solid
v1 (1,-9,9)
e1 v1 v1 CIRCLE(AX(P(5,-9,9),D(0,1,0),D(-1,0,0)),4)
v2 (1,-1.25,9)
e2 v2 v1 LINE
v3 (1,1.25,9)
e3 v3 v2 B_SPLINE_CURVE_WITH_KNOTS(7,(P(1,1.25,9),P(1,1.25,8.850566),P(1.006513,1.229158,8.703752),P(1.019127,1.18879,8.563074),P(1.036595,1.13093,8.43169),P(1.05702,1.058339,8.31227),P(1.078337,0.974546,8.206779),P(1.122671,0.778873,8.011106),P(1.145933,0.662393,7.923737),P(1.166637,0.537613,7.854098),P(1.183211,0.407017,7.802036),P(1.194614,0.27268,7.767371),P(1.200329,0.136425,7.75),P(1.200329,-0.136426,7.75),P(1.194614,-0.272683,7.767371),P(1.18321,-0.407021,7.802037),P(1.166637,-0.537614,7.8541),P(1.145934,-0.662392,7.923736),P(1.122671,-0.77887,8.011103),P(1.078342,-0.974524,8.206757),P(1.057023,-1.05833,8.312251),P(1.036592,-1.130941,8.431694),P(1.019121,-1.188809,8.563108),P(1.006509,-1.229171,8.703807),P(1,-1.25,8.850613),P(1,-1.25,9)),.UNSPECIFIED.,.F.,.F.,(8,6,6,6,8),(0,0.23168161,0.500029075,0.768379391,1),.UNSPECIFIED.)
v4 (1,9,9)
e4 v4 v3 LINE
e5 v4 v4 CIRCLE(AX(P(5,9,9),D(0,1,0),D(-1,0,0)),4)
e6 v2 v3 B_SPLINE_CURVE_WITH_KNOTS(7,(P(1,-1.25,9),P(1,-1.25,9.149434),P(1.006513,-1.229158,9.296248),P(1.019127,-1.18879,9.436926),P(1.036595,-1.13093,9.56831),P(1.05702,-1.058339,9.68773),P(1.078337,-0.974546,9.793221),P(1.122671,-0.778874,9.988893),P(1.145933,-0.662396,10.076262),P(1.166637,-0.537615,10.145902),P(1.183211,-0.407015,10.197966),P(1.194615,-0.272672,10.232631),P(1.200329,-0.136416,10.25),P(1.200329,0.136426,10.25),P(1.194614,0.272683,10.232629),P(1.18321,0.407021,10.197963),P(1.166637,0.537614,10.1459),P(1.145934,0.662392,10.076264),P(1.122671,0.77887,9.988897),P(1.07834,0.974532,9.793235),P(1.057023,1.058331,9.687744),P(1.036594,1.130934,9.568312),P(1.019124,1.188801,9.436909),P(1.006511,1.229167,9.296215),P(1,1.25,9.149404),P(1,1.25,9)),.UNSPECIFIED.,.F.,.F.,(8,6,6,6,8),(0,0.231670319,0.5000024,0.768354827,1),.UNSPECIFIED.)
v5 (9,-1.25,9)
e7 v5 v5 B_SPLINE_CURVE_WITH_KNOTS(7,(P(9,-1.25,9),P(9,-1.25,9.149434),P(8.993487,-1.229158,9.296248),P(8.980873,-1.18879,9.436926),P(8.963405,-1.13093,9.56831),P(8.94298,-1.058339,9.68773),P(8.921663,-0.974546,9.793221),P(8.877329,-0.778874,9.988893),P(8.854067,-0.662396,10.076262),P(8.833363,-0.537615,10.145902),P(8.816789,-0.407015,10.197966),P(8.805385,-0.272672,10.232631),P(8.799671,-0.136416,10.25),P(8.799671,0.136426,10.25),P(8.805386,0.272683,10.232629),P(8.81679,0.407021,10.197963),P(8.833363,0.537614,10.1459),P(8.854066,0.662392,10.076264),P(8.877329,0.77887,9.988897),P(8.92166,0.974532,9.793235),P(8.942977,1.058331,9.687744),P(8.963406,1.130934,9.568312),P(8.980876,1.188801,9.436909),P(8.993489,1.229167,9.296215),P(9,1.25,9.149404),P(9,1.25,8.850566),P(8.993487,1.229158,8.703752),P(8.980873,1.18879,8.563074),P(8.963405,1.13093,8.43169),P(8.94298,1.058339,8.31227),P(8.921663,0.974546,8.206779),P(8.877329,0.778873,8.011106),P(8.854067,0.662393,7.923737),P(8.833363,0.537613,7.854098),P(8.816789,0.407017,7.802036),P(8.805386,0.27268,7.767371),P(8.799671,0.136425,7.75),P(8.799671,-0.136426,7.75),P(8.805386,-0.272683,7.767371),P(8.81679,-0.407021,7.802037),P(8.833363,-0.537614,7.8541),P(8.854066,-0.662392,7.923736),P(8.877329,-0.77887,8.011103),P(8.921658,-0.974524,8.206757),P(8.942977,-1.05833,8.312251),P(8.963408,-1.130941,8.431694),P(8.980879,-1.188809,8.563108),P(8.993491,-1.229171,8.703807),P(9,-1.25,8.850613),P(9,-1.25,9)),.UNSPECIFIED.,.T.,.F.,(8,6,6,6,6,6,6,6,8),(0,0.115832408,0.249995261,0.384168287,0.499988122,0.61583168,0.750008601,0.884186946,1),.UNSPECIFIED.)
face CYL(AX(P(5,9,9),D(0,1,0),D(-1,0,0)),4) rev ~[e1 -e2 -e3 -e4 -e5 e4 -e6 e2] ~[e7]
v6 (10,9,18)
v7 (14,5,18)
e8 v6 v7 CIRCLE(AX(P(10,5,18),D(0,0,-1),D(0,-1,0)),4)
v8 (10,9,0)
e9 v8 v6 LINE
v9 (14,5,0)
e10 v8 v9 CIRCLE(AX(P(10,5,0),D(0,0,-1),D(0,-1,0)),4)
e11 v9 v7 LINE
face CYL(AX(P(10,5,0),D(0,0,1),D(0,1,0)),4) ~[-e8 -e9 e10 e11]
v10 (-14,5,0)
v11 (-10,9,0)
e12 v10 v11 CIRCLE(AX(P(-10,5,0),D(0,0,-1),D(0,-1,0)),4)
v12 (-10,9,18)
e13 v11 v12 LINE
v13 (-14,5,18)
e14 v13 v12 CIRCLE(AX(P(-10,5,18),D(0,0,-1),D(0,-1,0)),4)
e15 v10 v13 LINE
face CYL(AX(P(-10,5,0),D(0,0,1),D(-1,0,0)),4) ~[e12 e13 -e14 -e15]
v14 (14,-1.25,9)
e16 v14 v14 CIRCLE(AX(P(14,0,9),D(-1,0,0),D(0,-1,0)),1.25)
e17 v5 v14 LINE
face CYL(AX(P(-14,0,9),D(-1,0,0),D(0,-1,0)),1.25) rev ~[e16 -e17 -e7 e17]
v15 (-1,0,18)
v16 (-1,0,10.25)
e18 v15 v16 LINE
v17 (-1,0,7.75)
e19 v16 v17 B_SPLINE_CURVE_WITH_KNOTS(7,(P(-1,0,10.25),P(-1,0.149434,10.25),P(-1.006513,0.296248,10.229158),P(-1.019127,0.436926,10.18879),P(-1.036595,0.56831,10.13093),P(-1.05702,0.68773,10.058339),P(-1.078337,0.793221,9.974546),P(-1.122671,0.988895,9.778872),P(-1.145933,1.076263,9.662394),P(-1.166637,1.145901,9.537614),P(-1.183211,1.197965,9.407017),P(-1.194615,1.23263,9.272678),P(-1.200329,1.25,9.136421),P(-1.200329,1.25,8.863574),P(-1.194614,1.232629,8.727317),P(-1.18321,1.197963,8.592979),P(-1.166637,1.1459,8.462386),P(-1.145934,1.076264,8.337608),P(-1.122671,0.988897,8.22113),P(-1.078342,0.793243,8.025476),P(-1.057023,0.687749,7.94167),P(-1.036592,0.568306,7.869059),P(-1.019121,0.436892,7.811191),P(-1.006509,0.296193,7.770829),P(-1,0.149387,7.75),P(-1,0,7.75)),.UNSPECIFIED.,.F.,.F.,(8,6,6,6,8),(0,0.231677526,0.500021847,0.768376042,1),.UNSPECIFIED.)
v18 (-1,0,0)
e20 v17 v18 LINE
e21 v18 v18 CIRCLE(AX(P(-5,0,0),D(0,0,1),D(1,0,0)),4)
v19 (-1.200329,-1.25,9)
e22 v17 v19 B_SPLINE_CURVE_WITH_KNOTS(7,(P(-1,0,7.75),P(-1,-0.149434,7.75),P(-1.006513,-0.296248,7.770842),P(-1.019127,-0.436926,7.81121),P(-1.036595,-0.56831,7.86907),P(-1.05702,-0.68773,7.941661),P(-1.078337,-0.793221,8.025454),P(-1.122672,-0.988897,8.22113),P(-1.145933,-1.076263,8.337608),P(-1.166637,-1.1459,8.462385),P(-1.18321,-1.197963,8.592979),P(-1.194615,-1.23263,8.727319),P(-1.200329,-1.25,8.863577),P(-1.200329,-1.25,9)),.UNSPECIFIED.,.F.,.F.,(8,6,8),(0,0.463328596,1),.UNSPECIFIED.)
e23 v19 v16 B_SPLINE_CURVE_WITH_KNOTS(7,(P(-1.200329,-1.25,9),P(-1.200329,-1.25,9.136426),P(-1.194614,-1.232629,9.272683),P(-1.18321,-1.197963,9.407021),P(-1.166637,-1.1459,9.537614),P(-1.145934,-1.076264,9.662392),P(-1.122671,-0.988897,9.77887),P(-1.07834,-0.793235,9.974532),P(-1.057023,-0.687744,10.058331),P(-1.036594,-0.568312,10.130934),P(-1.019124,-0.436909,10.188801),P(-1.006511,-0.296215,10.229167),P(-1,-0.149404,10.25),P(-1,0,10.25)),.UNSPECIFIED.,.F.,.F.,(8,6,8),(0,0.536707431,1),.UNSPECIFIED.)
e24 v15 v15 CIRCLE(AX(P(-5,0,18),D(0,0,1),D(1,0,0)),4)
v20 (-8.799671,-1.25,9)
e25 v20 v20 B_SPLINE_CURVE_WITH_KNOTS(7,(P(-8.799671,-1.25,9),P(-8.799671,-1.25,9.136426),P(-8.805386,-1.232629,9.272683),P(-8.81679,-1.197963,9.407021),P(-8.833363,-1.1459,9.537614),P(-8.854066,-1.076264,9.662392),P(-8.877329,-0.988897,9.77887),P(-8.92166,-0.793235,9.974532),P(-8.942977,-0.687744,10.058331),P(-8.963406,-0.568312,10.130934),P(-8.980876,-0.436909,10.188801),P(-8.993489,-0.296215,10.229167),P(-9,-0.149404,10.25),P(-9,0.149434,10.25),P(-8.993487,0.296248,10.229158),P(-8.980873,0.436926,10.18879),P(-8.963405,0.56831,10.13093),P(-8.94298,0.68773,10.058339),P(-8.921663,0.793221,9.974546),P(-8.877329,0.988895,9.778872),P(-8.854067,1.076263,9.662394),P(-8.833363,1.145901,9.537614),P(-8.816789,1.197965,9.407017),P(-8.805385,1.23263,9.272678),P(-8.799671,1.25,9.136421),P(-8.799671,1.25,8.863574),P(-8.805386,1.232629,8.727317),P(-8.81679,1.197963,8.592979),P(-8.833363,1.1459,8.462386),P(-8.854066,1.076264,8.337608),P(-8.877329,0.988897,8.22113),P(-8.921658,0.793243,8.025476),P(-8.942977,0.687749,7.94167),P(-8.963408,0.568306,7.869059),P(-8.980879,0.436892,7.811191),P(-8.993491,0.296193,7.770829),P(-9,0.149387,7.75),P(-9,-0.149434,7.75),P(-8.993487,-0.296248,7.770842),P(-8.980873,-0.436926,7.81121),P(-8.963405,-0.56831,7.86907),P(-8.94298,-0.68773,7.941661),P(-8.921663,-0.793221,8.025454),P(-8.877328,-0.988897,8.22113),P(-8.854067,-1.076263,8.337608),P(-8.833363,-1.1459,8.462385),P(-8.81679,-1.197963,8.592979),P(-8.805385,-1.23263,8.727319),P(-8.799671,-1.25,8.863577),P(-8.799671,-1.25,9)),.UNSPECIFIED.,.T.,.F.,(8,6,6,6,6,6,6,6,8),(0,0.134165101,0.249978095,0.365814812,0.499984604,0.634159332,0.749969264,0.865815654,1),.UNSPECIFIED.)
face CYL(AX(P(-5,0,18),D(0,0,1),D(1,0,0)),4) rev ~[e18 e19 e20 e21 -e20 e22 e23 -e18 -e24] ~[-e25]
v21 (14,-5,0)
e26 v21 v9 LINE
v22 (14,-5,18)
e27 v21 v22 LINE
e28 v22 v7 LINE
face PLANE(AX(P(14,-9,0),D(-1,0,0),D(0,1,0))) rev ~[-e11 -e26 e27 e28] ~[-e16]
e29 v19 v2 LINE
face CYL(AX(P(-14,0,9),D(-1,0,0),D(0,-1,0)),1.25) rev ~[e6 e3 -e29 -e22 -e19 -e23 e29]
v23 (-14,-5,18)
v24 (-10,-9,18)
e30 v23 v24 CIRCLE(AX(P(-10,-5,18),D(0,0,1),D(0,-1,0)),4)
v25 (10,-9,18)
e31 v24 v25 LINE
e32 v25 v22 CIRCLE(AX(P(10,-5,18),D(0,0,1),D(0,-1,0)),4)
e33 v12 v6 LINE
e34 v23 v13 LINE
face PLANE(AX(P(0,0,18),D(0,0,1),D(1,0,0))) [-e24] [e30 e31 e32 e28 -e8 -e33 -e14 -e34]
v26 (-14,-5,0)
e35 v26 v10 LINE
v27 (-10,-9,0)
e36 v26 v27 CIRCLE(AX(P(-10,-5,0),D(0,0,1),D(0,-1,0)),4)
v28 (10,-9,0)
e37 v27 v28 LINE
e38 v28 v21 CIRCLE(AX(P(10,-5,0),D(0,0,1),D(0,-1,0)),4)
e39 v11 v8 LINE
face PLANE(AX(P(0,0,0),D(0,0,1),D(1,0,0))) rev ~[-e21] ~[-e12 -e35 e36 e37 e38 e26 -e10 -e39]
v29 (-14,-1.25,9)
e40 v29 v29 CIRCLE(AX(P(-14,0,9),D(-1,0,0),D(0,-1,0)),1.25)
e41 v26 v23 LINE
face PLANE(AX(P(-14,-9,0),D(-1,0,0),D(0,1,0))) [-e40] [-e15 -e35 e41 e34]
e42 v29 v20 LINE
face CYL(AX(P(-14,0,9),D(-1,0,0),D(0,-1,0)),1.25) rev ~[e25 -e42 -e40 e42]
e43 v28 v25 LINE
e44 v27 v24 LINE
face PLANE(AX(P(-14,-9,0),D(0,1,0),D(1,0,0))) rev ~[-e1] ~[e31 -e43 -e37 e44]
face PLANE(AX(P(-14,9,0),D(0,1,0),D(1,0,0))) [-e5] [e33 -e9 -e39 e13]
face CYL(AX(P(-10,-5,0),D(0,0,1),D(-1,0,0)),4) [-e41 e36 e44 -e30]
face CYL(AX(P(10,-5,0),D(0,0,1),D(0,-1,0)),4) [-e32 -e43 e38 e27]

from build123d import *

# Parameters (mm, degrees)
F0_W     = 28
F0_H     = 18
F1_DEPTH = 18
F2_R     = 4
F4_DEPTH = 18.001
F3_R     = 4
F5_DEPTH = 18.001
F6_R     = 1.25
F7_DEPTH = 28.001
F8_R     = 4


with BuildPart() as f1:
    # F0 (on Top) → F1 (new body)
    with BuildSketch(Plane.XY):
        Rectangle(F0_W, F0_H)
    extrude(amount=F1_DEPTH)

    # F2 (on face) → F4 (cut, through all)
    with BuildSketch(Plane.XY.offset(18)):
        with Locations((-5, 0)):
            Circle(F2_R)
    extrude(amount=-F4_DEPTH, mode=Mode.SUBTRACT)

    # F3 (on face) → F5 (cut, through all)
    with BuildSketch(Plane(origin=(0, 9, 0), x_dir=(-1, 0, 0), z_dir=(0, 1, 0))):
        with Locations((-5, 9)):
            Circle(F3_R)
    extrude(amount=-F5_DEPTH, mode=Mode.SUBTRACT)

    # F6 (on face) → F7 (cut, through all)
    with BuildSketch(Plane(origin=(-14, 0, 0), x_dir=(0, -1, 0), z_dir=(-1, 0, 0))):
        with Locations((0, 9)):
            Circle(F6_R)
    extrude(amount=-F7_DEPTH, mode=Mode.SUBTRACT)

    # F8
    f8_edges = [f1.edges().sort_by_distance(p)[0] for p in [
        (-14, -9, 9),
        (-14, 9, 9),
        (14, -9, 9),
        (14, 9, 9),
    ]]
    fillet(f8_edges, radius=F8_R)


solid = f1.part
